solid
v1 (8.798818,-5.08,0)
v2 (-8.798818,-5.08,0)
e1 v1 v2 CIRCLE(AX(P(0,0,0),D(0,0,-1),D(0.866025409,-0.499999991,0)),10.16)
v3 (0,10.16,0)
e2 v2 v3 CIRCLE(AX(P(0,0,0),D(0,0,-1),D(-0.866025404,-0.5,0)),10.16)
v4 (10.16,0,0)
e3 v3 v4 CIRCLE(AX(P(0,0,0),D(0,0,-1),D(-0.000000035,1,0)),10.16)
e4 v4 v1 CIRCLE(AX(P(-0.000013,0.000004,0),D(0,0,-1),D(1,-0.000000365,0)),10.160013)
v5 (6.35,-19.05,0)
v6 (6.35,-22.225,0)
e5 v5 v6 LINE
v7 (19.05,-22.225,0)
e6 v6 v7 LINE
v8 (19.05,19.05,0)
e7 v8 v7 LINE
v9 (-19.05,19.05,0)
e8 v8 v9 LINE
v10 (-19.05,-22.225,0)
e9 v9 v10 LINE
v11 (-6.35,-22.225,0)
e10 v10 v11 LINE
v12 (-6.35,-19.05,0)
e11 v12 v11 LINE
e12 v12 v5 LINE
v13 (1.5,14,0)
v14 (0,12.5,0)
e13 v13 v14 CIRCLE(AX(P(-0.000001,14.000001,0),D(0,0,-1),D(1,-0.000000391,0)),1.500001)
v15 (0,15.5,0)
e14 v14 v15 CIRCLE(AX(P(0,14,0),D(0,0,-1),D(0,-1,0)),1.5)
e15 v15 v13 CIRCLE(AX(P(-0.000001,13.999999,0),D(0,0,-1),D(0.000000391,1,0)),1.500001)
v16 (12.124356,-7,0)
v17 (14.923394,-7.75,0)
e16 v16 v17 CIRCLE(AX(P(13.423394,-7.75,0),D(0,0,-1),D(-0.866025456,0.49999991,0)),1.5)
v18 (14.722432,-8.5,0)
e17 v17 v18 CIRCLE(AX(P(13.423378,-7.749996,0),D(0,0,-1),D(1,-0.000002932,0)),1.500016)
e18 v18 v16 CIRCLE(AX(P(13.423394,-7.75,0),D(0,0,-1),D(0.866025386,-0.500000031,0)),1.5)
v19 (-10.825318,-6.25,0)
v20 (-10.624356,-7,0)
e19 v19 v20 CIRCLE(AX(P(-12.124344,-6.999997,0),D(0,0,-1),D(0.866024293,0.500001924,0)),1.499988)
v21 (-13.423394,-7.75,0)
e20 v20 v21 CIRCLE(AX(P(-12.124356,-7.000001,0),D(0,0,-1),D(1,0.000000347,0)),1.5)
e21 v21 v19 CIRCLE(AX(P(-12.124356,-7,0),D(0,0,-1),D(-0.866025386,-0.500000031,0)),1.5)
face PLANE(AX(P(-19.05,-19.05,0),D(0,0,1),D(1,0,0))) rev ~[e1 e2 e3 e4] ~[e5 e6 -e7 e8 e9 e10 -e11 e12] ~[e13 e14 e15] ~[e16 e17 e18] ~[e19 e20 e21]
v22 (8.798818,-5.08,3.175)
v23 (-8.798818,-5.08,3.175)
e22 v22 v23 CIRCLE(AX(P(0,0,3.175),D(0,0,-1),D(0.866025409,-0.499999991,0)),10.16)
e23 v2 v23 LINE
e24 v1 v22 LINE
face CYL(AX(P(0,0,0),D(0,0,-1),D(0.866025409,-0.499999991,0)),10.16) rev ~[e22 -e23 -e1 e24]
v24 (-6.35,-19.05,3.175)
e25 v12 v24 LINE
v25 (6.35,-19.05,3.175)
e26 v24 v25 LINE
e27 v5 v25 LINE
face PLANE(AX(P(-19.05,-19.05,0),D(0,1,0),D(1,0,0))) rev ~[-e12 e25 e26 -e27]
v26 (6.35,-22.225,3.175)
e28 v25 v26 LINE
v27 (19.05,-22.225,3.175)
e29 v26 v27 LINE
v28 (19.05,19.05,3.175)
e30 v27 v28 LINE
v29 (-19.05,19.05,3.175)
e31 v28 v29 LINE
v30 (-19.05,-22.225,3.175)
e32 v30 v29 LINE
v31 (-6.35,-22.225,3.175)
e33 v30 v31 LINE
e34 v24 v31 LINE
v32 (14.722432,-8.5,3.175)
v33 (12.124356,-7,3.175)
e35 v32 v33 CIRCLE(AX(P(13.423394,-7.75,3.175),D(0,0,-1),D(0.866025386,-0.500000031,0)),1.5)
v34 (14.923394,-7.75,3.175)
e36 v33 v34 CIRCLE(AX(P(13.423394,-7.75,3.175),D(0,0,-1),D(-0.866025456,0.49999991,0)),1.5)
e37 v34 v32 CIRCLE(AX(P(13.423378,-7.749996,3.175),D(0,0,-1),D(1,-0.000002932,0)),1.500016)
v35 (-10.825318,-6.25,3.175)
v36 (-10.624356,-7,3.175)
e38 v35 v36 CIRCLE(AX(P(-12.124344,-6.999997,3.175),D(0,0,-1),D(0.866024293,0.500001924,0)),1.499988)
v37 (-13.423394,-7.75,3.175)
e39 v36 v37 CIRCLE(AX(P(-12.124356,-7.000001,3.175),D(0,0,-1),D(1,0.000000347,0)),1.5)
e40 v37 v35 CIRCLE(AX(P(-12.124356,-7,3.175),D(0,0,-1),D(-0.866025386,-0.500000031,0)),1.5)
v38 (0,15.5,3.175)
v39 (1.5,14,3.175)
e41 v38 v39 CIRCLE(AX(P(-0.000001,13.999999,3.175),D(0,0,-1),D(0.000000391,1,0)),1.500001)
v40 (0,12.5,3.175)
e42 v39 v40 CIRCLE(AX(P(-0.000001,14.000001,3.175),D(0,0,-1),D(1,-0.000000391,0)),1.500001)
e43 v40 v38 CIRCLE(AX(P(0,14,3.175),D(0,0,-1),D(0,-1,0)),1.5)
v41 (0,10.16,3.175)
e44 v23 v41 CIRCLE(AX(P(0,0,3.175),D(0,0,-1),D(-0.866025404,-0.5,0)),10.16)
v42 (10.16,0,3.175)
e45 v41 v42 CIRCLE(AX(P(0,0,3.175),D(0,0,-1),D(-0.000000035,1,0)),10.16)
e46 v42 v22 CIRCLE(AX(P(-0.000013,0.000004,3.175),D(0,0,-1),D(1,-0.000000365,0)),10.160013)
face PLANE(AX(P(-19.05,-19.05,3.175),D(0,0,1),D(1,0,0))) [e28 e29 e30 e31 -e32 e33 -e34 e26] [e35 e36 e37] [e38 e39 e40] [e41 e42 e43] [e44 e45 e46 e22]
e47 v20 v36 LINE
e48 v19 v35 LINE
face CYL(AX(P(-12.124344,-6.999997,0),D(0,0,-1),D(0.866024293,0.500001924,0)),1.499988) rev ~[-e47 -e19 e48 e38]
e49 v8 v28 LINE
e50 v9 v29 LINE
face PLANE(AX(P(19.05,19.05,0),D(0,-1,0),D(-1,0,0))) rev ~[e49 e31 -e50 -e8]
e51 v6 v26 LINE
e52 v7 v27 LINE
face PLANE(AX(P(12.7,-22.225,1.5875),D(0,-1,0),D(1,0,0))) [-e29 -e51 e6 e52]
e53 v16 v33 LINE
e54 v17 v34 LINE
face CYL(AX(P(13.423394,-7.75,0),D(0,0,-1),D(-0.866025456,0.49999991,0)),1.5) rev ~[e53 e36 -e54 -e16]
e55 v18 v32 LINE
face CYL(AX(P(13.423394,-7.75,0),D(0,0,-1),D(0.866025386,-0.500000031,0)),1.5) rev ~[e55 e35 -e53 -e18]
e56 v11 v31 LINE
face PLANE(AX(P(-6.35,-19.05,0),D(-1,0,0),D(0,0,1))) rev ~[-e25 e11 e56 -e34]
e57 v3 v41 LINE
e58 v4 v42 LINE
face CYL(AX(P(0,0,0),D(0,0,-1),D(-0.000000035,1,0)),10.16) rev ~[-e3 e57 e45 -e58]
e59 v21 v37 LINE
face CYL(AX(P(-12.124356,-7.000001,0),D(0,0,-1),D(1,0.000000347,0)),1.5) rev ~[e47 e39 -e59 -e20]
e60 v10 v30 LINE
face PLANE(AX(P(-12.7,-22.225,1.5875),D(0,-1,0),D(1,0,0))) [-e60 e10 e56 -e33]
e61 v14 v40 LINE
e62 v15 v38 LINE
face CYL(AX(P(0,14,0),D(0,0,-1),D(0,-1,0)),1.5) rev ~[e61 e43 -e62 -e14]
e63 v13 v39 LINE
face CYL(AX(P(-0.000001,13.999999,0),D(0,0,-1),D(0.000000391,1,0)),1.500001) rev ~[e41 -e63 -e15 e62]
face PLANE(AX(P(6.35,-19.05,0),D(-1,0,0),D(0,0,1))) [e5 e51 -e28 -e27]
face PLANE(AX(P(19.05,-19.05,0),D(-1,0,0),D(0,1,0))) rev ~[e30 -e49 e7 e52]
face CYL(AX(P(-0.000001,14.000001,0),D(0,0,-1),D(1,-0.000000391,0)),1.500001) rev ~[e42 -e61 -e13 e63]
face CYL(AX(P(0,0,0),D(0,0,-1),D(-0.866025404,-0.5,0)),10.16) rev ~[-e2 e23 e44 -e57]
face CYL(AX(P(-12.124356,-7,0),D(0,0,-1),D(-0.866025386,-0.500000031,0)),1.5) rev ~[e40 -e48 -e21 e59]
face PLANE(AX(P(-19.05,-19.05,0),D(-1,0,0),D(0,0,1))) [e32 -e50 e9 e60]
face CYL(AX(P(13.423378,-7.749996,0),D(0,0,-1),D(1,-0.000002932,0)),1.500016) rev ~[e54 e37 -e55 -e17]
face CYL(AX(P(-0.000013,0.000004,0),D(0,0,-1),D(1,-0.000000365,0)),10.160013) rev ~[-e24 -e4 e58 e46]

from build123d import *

# Parameters (mm, degrees)
F1_DEPTH = 3.175
F2_W     = 12.7
F2_H     = 3.175
F3_DEPTH = 3.175


with BuildPart() as f1:
    # F0 (on Top) → F1 (new body)
    with BuildSketch(Plane.XY):
        with BuildLine():
            Line((-19.05, -19.05), (19.05, -19.05))
            Line((19.05, -19.05), (19.05, -10.998523))
            Line((19.05, -10.998523), (14.722432, -8.5))
            ThreePointArc((14.722432, -8.5), (12.673394, -9.049038), (12.124356, -7))
            Line((12.124356, -7), (8.798818, -5.08))
            ThreePointArc((8.798818, -5.08), (0, -10.16), (-8.798818, -5.08))
            Line((-8.798818, -5.08), (-10.825318, -6.25))
            ThreePointArc((-10.825318, -6.25), (-10.675467, -6.611771), (-10.624356, -7))
            ThreePointArc((-10.624356, -7), (-11.736127, -8.448889), (-13.423394, -7.75))
            Line((-13.423394, -7.75), (-19.05, -10.998523))
            Line((-19.05, -10.998523), (-19.05, -19.05))
        make_face()
        with BuildLine():
            Line((14.722432, -8.5), (19.05, -10.998523))
            Line((19.05, -10.998523), (19.05, 19.05))
            Line((19.05, 19.05), (0, 19.05))
            Line((0, 19.05), (0, 15.5))
            ThreePointArc((0, 15.5), (1.06066, 15.06066), (1.5, 14))
            ThreePointArc((1.5, 14), (1.06066, 12.93934), (0, 12.5))
            Line((0, 12.5), (0, 10.16))
            ThreePointArc((0, 10.16), (7.184205, 7.184205), (10.16, 0))
            ThreePointArc((10.16, 0), (9.813806, -2.629601), (8.798818, -5.08))
            Line((8.798818, -5.08), (12.124356, -7))
            ThreePointArc((12.124356, -7), (13.811622, -6.301111), (14.923394, -7.75))
            ThreePointArc((14.923394, -7.75), (14.872282, -8.138229), (14.722432, -8.5))
        make_face()
        with BuildLine():
            Line((-19.05, 19.05), (-19.05, -10.998523))
            Line((-19.05, -10.998523), (-13.423394, -7.75))
            ThreePointArc((-13.423394, -7.75), (-12.874356, -5.700962), (-10.825318, -6.25))
            Line((-10.825318, -6.25), (-8.798818, -5.08))
            ThreePointArc((-8.798818, -5.08), (-8.798818, 5.08), (0, 10.16))
            Line((0, 10.16), (0, 12.5))
            ThreePointArc((0, 12.5), (-1.5, 14), (0, 15.5))
            Line((0, 15.5), (0, 19.05))
            Line((0, 19.05), (-19.05, 19.05))
        make_face()
    extrude(amount=F1_DEPTH)

    # F2 (on face) → F3 (join)
    with BuildSketch(Plane.XZ.offset(19.05)):
        with Locations((-12.7, 1.5875)):
            Rectangle(F2_W, F2_H)
        with Locations((12.7, 1.5875)):
            Rectangle(F2_W, F2_H)
    extrude(amount=F3_DEPTH)


solid = f1.part
